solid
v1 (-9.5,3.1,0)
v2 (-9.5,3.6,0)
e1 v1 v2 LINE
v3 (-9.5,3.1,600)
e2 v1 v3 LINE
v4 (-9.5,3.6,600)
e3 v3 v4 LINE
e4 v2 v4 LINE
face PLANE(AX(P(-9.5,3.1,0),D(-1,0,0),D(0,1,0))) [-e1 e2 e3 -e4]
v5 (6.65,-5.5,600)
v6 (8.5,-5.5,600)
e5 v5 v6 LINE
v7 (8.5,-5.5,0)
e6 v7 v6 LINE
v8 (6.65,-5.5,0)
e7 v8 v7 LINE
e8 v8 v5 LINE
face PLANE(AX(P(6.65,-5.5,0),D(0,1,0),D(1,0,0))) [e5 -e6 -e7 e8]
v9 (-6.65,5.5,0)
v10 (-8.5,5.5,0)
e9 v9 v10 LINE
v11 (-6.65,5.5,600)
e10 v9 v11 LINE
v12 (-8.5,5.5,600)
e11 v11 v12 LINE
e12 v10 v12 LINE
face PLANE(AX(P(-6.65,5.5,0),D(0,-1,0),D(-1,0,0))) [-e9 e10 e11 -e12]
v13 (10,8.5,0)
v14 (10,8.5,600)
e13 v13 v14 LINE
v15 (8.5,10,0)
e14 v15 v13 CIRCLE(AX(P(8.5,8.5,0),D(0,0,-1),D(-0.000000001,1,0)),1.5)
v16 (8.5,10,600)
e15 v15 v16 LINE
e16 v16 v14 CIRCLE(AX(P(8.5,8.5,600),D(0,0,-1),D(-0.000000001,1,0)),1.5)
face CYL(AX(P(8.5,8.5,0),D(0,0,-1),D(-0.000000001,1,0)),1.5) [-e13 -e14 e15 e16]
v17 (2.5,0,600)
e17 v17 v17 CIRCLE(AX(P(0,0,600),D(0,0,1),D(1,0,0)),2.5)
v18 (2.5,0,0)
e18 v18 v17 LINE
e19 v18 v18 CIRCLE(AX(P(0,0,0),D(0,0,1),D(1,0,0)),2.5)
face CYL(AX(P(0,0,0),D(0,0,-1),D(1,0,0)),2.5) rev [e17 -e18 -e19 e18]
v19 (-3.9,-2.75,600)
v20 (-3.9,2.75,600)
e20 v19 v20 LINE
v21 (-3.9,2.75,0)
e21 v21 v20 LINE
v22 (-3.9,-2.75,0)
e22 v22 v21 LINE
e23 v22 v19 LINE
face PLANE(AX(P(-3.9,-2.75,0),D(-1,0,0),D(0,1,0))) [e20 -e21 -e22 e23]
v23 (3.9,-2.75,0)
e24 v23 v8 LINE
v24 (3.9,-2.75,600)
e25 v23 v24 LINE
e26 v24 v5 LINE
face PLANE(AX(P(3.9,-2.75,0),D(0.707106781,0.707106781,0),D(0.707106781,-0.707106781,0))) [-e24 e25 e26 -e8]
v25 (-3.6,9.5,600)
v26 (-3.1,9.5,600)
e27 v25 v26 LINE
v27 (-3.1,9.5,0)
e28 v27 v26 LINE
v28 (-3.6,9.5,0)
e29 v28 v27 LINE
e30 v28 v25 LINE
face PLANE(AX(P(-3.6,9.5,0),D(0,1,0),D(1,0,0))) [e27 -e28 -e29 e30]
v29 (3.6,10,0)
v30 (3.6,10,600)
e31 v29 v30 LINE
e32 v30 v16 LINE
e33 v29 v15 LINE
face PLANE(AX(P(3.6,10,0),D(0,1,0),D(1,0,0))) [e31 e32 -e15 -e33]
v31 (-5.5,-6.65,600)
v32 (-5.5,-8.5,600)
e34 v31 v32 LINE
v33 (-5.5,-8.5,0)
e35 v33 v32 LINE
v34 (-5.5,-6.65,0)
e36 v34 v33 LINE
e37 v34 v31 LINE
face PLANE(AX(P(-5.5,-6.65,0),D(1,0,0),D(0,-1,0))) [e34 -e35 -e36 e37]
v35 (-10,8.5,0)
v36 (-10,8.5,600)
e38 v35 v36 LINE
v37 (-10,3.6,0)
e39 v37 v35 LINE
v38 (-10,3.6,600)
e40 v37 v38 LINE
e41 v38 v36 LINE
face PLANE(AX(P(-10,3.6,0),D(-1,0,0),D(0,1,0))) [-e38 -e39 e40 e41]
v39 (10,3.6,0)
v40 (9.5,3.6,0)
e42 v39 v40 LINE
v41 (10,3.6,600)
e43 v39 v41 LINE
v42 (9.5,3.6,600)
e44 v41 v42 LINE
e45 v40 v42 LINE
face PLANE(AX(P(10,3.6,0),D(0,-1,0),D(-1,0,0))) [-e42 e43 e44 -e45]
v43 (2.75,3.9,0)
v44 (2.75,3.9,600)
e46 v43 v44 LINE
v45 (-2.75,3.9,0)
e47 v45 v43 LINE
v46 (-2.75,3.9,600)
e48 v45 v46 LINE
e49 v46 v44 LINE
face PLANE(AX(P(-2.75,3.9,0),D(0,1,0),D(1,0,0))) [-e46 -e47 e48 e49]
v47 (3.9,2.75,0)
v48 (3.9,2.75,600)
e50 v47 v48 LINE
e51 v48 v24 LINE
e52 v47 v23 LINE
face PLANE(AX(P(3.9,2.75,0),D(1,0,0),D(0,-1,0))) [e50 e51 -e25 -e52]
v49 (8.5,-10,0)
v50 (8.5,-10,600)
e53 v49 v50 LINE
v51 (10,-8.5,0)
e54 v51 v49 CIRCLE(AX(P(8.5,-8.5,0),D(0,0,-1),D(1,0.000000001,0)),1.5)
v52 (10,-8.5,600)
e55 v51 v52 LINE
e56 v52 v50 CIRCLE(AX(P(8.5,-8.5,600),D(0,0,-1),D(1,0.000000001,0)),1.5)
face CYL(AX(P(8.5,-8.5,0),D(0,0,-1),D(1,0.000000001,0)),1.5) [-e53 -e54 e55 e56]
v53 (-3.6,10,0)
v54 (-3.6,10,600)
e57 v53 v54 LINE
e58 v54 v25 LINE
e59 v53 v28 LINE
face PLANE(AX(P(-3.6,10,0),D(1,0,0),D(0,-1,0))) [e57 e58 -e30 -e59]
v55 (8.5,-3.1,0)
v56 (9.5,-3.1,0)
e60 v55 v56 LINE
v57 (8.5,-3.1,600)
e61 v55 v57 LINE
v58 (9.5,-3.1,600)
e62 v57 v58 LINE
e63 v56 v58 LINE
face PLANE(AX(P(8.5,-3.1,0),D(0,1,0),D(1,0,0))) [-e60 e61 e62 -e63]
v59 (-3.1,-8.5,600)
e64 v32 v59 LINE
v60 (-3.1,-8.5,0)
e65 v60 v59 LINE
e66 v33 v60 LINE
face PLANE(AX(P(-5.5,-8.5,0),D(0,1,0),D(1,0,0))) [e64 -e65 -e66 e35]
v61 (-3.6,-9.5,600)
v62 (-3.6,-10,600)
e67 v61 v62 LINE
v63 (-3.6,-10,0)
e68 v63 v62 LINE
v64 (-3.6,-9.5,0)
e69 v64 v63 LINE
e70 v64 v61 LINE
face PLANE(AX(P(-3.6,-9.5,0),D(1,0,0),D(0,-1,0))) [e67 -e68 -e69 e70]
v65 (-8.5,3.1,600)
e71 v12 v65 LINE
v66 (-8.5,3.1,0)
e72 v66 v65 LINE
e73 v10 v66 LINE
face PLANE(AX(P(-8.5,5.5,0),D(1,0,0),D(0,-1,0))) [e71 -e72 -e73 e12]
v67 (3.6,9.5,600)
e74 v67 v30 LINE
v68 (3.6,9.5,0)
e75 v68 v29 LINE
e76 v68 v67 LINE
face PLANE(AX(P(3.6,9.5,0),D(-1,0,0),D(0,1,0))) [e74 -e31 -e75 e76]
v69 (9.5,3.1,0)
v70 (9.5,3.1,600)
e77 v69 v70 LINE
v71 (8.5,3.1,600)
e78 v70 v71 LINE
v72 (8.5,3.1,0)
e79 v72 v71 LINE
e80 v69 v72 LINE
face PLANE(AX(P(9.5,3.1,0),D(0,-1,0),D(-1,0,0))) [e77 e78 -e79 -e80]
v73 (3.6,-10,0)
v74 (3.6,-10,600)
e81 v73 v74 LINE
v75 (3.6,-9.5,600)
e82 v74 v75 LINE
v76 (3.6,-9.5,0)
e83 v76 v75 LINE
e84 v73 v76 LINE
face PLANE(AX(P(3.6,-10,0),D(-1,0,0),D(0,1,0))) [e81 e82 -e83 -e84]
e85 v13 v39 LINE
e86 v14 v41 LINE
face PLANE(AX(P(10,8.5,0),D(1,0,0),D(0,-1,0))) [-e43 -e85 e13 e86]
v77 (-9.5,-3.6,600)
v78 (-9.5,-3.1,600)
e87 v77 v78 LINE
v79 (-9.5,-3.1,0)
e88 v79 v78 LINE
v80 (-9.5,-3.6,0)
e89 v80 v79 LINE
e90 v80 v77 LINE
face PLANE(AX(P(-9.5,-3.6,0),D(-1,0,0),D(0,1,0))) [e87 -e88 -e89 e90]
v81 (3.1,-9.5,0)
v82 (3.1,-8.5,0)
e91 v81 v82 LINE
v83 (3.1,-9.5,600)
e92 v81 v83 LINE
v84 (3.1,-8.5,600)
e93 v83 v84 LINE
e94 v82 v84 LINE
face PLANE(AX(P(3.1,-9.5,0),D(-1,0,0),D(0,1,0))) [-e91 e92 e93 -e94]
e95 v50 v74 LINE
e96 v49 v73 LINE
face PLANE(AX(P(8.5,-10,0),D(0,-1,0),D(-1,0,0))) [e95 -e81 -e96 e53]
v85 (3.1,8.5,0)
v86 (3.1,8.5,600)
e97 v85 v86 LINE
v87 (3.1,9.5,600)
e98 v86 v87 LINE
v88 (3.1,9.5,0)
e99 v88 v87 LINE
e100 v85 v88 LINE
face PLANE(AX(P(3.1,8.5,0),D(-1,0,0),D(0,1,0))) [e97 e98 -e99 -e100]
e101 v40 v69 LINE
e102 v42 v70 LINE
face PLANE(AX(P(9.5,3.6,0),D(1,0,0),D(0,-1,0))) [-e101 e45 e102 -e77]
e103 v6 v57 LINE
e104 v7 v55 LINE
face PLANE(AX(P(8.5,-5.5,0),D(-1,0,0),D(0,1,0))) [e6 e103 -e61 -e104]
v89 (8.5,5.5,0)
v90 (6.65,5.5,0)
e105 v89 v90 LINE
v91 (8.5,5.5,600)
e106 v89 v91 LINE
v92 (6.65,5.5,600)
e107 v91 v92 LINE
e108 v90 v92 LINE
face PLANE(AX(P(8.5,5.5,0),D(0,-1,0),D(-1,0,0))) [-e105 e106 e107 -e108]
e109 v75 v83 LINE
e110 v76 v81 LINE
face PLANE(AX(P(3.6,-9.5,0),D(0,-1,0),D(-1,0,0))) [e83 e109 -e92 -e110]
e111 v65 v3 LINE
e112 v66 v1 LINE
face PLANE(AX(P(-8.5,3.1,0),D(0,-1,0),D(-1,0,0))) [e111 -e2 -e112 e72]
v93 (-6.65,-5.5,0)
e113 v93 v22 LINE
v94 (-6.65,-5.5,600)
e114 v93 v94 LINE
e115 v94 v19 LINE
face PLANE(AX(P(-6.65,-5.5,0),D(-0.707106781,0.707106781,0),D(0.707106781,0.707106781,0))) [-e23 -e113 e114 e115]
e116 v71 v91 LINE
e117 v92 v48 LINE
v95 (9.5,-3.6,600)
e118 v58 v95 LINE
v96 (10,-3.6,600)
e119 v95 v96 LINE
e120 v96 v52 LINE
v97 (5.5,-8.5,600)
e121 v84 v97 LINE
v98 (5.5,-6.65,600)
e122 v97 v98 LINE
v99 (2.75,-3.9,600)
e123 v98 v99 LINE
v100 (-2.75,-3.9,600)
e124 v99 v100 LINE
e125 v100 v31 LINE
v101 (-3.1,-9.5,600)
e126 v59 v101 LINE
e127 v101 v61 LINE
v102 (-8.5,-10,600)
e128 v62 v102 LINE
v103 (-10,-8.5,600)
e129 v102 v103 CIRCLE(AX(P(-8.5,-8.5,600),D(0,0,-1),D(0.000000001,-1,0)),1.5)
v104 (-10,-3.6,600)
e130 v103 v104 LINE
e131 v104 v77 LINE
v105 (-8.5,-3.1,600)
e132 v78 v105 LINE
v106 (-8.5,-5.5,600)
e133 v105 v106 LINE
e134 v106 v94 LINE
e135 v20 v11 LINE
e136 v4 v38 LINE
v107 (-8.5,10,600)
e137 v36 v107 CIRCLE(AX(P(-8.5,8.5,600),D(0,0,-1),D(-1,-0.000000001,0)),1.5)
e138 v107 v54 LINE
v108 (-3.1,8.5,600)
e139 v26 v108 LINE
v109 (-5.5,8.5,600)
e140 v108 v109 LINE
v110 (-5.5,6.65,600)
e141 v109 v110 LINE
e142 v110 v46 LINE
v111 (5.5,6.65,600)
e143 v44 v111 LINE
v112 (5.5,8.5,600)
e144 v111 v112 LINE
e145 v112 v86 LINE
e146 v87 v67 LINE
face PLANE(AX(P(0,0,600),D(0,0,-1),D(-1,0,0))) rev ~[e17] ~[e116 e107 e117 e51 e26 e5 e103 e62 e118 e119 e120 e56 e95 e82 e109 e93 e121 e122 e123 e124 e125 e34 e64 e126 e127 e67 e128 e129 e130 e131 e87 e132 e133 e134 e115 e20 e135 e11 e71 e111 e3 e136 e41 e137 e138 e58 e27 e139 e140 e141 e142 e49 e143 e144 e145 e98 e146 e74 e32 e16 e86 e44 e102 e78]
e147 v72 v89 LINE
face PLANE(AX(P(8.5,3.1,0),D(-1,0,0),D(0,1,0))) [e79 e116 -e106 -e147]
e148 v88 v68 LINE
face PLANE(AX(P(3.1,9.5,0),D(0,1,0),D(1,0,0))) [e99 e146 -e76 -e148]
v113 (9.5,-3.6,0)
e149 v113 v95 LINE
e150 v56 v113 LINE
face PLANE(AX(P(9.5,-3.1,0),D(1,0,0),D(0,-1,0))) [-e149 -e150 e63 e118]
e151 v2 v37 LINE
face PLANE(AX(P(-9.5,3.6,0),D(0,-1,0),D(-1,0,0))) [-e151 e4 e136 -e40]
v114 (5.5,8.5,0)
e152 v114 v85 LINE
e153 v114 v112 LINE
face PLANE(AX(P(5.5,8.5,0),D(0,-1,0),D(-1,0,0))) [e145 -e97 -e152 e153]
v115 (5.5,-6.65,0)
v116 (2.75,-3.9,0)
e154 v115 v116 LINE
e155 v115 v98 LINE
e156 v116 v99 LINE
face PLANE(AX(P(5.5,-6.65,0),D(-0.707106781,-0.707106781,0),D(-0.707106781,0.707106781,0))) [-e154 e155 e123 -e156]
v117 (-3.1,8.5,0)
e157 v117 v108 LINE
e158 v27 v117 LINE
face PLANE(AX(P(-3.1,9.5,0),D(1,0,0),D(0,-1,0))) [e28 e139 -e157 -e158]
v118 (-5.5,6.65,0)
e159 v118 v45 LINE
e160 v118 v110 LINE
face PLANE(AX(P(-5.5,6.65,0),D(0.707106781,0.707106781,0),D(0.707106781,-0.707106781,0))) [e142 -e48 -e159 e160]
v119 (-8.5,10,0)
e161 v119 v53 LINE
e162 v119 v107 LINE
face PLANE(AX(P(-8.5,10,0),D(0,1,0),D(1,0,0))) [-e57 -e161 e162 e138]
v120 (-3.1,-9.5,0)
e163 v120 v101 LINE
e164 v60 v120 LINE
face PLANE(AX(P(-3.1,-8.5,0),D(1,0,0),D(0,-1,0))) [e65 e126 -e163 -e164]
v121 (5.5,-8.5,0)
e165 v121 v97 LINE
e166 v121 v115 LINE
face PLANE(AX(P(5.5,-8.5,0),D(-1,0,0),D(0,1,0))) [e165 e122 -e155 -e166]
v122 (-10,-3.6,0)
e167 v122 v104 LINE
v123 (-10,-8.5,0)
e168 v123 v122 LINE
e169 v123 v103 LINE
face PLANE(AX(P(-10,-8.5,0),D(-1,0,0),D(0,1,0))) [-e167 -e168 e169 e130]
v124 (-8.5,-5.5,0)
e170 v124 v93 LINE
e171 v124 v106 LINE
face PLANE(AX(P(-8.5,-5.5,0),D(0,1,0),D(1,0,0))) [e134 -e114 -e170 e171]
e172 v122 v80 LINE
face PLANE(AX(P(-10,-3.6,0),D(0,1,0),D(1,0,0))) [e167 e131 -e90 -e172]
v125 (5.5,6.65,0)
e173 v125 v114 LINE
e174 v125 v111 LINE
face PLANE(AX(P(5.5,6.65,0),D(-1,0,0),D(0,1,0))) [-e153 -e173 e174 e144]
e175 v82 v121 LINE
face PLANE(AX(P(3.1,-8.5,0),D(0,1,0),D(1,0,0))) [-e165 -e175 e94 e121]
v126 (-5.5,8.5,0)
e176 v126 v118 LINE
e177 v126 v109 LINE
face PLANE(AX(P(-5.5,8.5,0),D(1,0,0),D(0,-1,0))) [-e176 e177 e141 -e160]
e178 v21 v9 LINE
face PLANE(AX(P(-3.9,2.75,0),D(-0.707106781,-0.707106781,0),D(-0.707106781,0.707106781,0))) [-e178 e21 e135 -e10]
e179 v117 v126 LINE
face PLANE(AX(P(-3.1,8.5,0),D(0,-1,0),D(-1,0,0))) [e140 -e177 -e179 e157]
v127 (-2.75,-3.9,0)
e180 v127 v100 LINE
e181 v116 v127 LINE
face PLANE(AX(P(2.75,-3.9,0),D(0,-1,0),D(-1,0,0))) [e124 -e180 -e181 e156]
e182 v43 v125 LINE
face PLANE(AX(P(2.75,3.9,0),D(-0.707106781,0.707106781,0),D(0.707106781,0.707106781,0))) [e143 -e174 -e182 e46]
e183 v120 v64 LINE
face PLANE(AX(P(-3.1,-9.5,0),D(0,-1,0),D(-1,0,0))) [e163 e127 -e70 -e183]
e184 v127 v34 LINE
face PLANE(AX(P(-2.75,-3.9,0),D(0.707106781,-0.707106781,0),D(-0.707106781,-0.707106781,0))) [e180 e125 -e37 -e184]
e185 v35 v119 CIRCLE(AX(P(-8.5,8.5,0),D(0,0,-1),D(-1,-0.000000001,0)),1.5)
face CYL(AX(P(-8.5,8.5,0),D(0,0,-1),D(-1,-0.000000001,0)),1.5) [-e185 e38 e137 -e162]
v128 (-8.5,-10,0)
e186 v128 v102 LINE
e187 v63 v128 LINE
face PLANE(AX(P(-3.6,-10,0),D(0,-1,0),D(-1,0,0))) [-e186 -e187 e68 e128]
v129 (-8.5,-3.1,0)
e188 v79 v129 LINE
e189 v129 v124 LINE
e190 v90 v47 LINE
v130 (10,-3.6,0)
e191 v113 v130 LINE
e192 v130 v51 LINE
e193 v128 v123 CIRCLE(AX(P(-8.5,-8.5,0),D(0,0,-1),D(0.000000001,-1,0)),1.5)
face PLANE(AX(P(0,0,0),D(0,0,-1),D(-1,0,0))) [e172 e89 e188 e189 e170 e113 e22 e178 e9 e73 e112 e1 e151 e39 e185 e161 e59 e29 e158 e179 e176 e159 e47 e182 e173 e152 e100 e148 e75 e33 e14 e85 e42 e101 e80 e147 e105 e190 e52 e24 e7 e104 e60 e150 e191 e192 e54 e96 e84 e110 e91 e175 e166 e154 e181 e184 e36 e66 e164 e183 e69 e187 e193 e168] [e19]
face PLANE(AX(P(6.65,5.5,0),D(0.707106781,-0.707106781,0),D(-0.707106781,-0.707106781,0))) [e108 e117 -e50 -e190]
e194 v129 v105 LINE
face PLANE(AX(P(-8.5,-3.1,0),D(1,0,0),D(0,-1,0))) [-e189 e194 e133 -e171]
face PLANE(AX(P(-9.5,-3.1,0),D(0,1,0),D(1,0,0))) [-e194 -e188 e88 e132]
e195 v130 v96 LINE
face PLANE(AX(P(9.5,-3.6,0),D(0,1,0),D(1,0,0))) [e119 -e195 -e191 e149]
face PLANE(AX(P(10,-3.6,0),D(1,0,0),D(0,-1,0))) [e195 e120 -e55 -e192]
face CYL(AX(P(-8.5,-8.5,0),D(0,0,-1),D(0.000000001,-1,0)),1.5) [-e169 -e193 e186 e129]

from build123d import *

# Parameters (mm, degrees)
SKETCH_1_R      = 2.5
EXTRUDE_1_DEPTH = 600


with BuildPart() as part:
    # 草图1 → 凸台-拉伸1 (new body)
    with BuildSketch(Plane.XY):
        with BuildLine():
            Line((-3.6, 10), (-3.6, 9.5))
            Line((-3.6, 9.5), (-3.1, 9.5))
            Line((-3.1, 9.5), (-3.1, 8.5))
            Line((-3.1, 8.5), (-5.5, 8.5))
            Line((-5.5, 8.5), (-5.5, 6.65))
            Line((-5.5, 6.65), (-2.75, 3.9))
            Line((-2.75, 3.9), (2.75, 3.9))
            Line((2.75, 3.9), (5.5, 6.65))
            Line((5.5, 6.65), (5.5, 8.5))
            Line((5.5, 8.5), (3.1, 8.5))
            Line((3.1, 8.5), (3.1, 9.5))
            Line((3.1, 9.5), (3.6, 9.5))
            Line((3.6, 9.5), (3.6, 10))
            Line((3.6, 10), (8.5, 10))
            ThreePointArc((8.5, 10), (9.560660172, 9.560660172), (10, 8.5))
            Line((10, 8.5), (10, 3.6))
            Line((10, 3.6), (9.5, 3.6))
            Line((9.5, 3.6), (9.5, 3.1))
            Line((9.5, 3.1), (8.5, 3.1))
            Line((8.5, 3.1), (8.5, 5.5))
            Line((8.5, 5.5), (6.65, 5.5))
            Line((6.65, 5.5), (3.9, 2.75))
            Line((3.9, 2.75), (3.9, -2.75))
            Line((3.9, -2.75), (6.65, -5.5))
            Line((6.65, -5.5), (8.5, -5.5))
            Line((8.5, -5.5), (8.5, -3.1))
            Line((8.5, -3.1), (9.5, -3.1))
            Line((9.5, -3.1), (9.5, -3.6))
            Line((9.5, -3.6), (10, -3.6))
            Line((10, -3.6), (10, -8.5))
            ThreePointArc((10, -8.5), (9.560660172, -9.560660172), (8.5, -10))
            Line((8.5, -10), (3.6, -10))
            Line((3.6, -10), (3.6, -9.5))
            Line((3.6, -9.5), (3.1, -9.5))
            Line((3.1, -9.5), (3.1, -8.5))
            Line((3.1, -8.5), (5.5, -8.5))
            Line((5.5, -8.5), (5.5, -6.65))
            Line((5.5, -6.65), (2.75, -3.9))
            Line((2.75, -3.9), (-2.75, -3.9))
            Line((-2.75, -3.9), (-5.5, -6.65))
            Line((-5.5, -6.65), (-5.5, -8.5))
            Line((-5.5, -8.5), (-3.1, -8.5))
            Line((-3.1, -8.5), (-3.1, -9.5))
            Line((-3.1, -9.5), (-3.6, -9.5))
            Line((-3.6, -9.5), (-3.6, -10))
            Line((-3.6, -10), (-8.5, -10))
            ThreePointArc((-8.5, -10), (-9.560660172, -9.560660172), (-10, -8.5))
            Line((-10, -8.5), (-10, -3.6))
            Line((-10, -3.6), (-9.5, -3.6))
            Line((-9.5, -3.6), (-9.5, -3.1))
            Line((-9.5, -3.1), (-8.5, -3.1))
            Line((-8.5, -3.1), (-8.5, -5.5))
            Line((-8.5, -5.5), (-6.65, -5.5))
            Line((-6.65, -5.5), (-3.9, -2.75))
            Line((-3.9, -2.75), (-3.9, 2.75))
            Line((-3.9, 2.75), (-6.65, 5.5))
            Line((-6.65, 5.5), (-8.5, 5.5))
            Line((-8.5, 5.5), (-8.5, 3.1))
            Line((-8.5, 3.1), (-9.5, 3.1))
            Line((-9.5, 3.1), (-9.5, 3.6))
            Line((-9.5, 3.6), (-10, 3.6))
            Line((-10, 3.6), (-10, 8.5))
            ThreePointArc((-10, 8.5), (-9.560660172, 9.560660172), (-8.5, 10))
            Line((-8.5, 10), (-3.6, 10))
        make_face()
        Circle(SKETCH_1_R, mode=Mode.SUBTRACT)
    extrude(amount=EXTRUDE_1_DEPTH)


solid = part.part
